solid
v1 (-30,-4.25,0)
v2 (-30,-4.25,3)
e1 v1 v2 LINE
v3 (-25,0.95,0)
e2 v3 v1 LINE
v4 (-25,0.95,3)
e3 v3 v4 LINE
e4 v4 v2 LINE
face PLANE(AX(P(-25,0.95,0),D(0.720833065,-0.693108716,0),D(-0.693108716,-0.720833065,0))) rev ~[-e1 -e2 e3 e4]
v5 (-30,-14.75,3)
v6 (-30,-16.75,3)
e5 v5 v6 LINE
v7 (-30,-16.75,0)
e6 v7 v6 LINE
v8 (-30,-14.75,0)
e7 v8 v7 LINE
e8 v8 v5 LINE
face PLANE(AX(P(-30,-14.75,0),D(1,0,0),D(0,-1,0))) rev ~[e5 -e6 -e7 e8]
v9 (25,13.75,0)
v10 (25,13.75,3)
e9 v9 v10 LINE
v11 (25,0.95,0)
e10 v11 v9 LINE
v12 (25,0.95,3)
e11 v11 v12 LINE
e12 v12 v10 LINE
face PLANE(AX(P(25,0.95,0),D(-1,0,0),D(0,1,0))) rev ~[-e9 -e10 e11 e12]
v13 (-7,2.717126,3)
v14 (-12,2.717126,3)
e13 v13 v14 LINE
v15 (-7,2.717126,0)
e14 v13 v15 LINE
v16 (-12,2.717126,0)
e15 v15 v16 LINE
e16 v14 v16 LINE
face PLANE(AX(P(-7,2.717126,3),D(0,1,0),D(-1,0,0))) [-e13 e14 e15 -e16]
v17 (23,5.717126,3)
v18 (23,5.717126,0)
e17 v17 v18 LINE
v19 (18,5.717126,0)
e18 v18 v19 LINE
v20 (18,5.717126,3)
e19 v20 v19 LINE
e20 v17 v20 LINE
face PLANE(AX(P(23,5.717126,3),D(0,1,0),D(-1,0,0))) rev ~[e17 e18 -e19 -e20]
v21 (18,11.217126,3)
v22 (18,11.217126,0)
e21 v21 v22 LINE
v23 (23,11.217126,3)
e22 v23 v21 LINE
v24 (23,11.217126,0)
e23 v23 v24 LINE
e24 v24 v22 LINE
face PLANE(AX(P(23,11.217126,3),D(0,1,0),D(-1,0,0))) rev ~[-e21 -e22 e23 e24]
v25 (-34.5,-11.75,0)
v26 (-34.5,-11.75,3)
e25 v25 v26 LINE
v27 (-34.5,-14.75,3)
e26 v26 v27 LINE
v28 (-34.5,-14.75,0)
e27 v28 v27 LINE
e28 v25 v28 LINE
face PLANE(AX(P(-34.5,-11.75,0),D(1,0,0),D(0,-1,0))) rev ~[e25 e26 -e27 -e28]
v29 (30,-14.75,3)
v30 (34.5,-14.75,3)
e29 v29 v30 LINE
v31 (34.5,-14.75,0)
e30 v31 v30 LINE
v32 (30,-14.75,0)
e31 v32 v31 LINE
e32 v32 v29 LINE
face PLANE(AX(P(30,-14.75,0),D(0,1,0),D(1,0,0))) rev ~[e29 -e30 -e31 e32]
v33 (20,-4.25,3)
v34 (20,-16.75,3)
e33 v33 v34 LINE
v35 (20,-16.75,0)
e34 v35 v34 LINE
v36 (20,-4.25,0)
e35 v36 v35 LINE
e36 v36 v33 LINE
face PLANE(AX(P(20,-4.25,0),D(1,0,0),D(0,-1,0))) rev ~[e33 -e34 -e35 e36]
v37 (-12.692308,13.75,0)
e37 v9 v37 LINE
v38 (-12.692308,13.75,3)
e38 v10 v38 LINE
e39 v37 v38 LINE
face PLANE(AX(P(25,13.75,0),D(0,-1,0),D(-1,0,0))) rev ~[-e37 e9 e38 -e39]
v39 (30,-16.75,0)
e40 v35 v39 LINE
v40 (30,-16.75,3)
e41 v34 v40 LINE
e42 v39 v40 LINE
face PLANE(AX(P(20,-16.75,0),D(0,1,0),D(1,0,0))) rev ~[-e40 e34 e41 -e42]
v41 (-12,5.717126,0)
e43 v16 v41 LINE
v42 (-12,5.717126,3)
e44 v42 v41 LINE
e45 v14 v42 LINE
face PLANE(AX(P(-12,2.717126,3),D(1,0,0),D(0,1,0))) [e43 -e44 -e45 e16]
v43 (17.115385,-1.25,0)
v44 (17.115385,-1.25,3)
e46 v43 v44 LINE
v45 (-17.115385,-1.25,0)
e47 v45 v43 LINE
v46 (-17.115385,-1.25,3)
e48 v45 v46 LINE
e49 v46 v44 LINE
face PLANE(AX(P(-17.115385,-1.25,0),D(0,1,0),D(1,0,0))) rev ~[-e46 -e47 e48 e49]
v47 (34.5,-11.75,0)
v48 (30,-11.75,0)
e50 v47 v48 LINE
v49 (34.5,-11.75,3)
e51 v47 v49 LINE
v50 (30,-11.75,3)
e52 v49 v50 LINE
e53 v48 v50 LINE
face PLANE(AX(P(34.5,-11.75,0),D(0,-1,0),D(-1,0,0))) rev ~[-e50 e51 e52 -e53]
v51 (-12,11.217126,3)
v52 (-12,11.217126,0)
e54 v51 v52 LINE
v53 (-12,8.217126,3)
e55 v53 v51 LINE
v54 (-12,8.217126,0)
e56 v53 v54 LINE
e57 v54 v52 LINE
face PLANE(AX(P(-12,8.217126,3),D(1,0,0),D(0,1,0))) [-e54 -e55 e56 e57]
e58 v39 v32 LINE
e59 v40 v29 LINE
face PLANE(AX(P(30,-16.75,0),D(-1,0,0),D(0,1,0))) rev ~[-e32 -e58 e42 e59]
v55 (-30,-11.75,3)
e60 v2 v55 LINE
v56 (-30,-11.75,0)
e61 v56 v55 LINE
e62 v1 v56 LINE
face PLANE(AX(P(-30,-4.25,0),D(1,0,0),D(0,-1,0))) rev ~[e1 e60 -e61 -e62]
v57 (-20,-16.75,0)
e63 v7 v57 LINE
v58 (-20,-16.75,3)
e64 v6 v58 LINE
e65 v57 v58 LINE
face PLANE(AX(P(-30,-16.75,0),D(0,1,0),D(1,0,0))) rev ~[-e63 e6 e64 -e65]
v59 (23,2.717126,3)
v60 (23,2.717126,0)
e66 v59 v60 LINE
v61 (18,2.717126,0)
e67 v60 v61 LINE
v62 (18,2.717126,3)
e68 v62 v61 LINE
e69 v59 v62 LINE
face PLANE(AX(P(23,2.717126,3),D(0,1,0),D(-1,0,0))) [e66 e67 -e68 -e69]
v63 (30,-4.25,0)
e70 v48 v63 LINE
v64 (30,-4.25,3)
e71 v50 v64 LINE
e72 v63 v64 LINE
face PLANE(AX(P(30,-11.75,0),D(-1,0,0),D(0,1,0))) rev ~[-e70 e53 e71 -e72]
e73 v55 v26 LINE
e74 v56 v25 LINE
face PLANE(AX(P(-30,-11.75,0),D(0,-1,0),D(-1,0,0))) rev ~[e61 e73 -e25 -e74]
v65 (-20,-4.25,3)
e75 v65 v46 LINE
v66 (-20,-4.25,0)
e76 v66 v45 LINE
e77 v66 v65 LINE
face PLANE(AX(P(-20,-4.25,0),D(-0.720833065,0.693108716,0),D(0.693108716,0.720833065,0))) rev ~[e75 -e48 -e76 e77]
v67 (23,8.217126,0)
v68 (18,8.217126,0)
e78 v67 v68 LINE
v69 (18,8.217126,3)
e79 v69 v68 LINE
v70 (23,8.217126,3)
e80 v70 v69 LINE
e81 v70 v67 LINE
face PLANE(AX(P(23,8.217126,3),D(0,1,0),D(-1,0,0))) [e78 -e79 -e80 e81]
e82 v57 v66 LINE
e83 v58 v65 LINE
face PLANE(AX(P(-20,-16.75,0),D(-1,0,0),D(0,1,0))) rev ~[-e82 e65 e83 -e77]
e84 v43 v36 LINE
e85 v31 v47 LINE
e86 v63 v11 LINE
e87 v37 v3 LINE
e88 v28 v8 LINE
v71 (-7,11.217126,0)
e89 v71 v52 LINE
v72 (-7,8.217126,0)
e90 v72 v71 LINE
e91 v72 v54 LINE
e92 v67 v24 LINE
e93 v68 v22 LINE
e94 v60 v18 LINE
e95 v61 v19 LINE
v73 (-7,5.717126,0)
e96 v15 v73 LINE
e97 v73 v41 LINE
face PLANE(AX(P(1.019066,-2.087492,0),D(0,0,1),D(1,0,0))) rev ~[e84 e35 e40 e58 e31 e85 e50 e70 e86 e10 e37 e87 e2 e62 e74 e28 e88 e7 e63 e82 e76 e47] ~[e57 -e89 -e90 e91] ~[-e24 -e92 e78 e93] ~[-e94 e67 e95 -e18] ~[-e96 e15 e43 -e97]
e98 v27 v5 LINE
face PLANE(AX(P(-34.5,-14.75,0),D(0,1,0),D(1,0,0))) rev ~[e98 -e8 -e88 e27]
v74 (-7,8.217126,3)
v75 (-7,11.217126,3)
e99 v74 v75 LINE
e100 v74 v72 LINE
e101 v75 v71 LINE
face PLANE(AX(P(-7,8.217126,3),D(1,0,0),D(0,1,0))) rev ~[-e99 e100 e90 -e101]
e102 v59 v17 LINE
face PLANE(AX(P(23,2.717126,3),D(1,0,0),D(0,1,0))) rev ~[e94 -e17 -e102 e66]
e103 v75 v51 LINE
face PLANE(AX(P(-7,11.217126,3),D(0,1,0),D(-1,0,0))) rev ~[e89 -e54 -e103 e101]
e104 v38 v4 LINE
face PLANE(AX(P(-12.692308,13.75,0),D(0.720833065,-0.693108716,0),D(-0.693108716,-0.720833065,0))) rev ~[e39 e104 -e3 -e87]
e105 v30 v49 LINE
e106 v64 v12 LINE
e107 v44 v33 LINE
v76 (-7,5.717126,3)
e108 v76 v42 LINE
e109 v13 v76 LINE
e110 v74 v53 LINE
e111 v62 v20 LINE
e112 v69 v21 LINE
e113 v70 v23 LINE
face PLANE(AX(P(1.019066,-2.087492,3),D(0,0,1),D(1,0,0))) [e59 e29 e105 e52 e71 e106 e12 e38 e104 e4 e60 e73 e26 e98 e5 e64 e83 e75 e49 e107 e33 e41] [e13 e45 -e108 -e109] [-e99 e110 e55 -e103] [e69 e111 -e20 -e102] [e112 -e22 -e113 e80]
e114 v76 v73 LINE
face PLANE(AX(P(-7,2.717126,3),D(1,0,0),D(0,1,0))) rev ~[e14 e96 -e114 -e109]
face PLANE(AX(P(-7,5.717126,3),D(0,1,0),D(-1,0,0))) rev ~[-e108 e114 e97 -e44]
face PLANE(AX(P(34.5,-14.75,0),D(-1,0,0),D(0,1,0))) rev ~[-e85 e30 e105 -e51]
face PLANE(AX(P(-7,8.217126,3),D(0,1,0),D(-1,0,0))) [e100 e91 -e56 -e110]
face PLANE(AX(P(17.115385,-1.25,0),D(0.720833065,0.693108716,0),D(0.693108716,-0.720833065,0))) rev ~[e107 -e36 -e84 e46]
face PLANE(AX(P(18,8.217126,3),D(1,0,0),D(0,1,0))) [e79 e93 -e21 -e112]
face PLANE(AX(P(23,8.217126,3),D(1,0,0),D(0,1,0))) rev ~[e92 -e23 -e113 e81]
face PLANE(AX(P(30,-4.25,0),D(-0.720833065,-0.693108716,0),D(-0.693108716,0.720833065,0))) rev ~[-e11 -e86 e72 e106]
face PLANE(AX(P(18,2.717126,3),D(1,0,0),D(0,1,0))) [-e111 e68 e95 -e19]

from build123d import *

# Parameters (mm, degrees)
BOSS_EXTRUDE1_DEPTH = 3
SKETCH2_W           = 5
SKETCH2_H           = 3
CUT_EXTRUDE2_DEPTH  = 3


with BuildPart() as part:
    # Sketch1 → Boss-Extrude1 (new body)
    with BuildSketch(Plane.XY):
        Polygon((30, -11.75), (30, -4.25), (25, 0.95), (25, 13.75), (-12.692307692, 13.75), (-25, 0.95), (-30, -4.25), (-30, -11.75), (-34.5, -11.75), (-34.5, -14.75), (-30, -14.75), (-30, -16.75), (-20, -16.75), (-20, -4.25), (-17.115384615, -1.25), (17.115384615, -1.25), (20, -4.25), (20, -16.75), (30, -16.75), (30, -14.75), (34.5, -14.75), (34.5, -11.75), align=None)
    extrude(amount=BOSS_EXTRUDE1_DEPTH)

    # Sketch2 → Cut-Extrude2 (cut)
    with BuildSketch(Plane(origin=(0, 0, 3), x_dir=(-1, 0, 0), z_dir=(0, 0, -1))):
        with Locations((9.5, 4.217126269)):
            Rectangle(SKETCH2_W, SKETCH2_H)
        with Locations((9.5, 9.717126269)):
            Rectangle(SKETCH2_W, SKETCH2_H)
        with Locations((-20.5, 4.217126269)):
            Rectangle(SKETCH2_W, SKETCH2_H)
        with Locations((-20.5, 9.717126269)):
            Rectangle(SKETCH2_W, SKETCH2_H)
    extrude(amount=CUT_EXTRUDE2_DEPTH, mode=Mode.SUBTRACT)


solid = part.part
